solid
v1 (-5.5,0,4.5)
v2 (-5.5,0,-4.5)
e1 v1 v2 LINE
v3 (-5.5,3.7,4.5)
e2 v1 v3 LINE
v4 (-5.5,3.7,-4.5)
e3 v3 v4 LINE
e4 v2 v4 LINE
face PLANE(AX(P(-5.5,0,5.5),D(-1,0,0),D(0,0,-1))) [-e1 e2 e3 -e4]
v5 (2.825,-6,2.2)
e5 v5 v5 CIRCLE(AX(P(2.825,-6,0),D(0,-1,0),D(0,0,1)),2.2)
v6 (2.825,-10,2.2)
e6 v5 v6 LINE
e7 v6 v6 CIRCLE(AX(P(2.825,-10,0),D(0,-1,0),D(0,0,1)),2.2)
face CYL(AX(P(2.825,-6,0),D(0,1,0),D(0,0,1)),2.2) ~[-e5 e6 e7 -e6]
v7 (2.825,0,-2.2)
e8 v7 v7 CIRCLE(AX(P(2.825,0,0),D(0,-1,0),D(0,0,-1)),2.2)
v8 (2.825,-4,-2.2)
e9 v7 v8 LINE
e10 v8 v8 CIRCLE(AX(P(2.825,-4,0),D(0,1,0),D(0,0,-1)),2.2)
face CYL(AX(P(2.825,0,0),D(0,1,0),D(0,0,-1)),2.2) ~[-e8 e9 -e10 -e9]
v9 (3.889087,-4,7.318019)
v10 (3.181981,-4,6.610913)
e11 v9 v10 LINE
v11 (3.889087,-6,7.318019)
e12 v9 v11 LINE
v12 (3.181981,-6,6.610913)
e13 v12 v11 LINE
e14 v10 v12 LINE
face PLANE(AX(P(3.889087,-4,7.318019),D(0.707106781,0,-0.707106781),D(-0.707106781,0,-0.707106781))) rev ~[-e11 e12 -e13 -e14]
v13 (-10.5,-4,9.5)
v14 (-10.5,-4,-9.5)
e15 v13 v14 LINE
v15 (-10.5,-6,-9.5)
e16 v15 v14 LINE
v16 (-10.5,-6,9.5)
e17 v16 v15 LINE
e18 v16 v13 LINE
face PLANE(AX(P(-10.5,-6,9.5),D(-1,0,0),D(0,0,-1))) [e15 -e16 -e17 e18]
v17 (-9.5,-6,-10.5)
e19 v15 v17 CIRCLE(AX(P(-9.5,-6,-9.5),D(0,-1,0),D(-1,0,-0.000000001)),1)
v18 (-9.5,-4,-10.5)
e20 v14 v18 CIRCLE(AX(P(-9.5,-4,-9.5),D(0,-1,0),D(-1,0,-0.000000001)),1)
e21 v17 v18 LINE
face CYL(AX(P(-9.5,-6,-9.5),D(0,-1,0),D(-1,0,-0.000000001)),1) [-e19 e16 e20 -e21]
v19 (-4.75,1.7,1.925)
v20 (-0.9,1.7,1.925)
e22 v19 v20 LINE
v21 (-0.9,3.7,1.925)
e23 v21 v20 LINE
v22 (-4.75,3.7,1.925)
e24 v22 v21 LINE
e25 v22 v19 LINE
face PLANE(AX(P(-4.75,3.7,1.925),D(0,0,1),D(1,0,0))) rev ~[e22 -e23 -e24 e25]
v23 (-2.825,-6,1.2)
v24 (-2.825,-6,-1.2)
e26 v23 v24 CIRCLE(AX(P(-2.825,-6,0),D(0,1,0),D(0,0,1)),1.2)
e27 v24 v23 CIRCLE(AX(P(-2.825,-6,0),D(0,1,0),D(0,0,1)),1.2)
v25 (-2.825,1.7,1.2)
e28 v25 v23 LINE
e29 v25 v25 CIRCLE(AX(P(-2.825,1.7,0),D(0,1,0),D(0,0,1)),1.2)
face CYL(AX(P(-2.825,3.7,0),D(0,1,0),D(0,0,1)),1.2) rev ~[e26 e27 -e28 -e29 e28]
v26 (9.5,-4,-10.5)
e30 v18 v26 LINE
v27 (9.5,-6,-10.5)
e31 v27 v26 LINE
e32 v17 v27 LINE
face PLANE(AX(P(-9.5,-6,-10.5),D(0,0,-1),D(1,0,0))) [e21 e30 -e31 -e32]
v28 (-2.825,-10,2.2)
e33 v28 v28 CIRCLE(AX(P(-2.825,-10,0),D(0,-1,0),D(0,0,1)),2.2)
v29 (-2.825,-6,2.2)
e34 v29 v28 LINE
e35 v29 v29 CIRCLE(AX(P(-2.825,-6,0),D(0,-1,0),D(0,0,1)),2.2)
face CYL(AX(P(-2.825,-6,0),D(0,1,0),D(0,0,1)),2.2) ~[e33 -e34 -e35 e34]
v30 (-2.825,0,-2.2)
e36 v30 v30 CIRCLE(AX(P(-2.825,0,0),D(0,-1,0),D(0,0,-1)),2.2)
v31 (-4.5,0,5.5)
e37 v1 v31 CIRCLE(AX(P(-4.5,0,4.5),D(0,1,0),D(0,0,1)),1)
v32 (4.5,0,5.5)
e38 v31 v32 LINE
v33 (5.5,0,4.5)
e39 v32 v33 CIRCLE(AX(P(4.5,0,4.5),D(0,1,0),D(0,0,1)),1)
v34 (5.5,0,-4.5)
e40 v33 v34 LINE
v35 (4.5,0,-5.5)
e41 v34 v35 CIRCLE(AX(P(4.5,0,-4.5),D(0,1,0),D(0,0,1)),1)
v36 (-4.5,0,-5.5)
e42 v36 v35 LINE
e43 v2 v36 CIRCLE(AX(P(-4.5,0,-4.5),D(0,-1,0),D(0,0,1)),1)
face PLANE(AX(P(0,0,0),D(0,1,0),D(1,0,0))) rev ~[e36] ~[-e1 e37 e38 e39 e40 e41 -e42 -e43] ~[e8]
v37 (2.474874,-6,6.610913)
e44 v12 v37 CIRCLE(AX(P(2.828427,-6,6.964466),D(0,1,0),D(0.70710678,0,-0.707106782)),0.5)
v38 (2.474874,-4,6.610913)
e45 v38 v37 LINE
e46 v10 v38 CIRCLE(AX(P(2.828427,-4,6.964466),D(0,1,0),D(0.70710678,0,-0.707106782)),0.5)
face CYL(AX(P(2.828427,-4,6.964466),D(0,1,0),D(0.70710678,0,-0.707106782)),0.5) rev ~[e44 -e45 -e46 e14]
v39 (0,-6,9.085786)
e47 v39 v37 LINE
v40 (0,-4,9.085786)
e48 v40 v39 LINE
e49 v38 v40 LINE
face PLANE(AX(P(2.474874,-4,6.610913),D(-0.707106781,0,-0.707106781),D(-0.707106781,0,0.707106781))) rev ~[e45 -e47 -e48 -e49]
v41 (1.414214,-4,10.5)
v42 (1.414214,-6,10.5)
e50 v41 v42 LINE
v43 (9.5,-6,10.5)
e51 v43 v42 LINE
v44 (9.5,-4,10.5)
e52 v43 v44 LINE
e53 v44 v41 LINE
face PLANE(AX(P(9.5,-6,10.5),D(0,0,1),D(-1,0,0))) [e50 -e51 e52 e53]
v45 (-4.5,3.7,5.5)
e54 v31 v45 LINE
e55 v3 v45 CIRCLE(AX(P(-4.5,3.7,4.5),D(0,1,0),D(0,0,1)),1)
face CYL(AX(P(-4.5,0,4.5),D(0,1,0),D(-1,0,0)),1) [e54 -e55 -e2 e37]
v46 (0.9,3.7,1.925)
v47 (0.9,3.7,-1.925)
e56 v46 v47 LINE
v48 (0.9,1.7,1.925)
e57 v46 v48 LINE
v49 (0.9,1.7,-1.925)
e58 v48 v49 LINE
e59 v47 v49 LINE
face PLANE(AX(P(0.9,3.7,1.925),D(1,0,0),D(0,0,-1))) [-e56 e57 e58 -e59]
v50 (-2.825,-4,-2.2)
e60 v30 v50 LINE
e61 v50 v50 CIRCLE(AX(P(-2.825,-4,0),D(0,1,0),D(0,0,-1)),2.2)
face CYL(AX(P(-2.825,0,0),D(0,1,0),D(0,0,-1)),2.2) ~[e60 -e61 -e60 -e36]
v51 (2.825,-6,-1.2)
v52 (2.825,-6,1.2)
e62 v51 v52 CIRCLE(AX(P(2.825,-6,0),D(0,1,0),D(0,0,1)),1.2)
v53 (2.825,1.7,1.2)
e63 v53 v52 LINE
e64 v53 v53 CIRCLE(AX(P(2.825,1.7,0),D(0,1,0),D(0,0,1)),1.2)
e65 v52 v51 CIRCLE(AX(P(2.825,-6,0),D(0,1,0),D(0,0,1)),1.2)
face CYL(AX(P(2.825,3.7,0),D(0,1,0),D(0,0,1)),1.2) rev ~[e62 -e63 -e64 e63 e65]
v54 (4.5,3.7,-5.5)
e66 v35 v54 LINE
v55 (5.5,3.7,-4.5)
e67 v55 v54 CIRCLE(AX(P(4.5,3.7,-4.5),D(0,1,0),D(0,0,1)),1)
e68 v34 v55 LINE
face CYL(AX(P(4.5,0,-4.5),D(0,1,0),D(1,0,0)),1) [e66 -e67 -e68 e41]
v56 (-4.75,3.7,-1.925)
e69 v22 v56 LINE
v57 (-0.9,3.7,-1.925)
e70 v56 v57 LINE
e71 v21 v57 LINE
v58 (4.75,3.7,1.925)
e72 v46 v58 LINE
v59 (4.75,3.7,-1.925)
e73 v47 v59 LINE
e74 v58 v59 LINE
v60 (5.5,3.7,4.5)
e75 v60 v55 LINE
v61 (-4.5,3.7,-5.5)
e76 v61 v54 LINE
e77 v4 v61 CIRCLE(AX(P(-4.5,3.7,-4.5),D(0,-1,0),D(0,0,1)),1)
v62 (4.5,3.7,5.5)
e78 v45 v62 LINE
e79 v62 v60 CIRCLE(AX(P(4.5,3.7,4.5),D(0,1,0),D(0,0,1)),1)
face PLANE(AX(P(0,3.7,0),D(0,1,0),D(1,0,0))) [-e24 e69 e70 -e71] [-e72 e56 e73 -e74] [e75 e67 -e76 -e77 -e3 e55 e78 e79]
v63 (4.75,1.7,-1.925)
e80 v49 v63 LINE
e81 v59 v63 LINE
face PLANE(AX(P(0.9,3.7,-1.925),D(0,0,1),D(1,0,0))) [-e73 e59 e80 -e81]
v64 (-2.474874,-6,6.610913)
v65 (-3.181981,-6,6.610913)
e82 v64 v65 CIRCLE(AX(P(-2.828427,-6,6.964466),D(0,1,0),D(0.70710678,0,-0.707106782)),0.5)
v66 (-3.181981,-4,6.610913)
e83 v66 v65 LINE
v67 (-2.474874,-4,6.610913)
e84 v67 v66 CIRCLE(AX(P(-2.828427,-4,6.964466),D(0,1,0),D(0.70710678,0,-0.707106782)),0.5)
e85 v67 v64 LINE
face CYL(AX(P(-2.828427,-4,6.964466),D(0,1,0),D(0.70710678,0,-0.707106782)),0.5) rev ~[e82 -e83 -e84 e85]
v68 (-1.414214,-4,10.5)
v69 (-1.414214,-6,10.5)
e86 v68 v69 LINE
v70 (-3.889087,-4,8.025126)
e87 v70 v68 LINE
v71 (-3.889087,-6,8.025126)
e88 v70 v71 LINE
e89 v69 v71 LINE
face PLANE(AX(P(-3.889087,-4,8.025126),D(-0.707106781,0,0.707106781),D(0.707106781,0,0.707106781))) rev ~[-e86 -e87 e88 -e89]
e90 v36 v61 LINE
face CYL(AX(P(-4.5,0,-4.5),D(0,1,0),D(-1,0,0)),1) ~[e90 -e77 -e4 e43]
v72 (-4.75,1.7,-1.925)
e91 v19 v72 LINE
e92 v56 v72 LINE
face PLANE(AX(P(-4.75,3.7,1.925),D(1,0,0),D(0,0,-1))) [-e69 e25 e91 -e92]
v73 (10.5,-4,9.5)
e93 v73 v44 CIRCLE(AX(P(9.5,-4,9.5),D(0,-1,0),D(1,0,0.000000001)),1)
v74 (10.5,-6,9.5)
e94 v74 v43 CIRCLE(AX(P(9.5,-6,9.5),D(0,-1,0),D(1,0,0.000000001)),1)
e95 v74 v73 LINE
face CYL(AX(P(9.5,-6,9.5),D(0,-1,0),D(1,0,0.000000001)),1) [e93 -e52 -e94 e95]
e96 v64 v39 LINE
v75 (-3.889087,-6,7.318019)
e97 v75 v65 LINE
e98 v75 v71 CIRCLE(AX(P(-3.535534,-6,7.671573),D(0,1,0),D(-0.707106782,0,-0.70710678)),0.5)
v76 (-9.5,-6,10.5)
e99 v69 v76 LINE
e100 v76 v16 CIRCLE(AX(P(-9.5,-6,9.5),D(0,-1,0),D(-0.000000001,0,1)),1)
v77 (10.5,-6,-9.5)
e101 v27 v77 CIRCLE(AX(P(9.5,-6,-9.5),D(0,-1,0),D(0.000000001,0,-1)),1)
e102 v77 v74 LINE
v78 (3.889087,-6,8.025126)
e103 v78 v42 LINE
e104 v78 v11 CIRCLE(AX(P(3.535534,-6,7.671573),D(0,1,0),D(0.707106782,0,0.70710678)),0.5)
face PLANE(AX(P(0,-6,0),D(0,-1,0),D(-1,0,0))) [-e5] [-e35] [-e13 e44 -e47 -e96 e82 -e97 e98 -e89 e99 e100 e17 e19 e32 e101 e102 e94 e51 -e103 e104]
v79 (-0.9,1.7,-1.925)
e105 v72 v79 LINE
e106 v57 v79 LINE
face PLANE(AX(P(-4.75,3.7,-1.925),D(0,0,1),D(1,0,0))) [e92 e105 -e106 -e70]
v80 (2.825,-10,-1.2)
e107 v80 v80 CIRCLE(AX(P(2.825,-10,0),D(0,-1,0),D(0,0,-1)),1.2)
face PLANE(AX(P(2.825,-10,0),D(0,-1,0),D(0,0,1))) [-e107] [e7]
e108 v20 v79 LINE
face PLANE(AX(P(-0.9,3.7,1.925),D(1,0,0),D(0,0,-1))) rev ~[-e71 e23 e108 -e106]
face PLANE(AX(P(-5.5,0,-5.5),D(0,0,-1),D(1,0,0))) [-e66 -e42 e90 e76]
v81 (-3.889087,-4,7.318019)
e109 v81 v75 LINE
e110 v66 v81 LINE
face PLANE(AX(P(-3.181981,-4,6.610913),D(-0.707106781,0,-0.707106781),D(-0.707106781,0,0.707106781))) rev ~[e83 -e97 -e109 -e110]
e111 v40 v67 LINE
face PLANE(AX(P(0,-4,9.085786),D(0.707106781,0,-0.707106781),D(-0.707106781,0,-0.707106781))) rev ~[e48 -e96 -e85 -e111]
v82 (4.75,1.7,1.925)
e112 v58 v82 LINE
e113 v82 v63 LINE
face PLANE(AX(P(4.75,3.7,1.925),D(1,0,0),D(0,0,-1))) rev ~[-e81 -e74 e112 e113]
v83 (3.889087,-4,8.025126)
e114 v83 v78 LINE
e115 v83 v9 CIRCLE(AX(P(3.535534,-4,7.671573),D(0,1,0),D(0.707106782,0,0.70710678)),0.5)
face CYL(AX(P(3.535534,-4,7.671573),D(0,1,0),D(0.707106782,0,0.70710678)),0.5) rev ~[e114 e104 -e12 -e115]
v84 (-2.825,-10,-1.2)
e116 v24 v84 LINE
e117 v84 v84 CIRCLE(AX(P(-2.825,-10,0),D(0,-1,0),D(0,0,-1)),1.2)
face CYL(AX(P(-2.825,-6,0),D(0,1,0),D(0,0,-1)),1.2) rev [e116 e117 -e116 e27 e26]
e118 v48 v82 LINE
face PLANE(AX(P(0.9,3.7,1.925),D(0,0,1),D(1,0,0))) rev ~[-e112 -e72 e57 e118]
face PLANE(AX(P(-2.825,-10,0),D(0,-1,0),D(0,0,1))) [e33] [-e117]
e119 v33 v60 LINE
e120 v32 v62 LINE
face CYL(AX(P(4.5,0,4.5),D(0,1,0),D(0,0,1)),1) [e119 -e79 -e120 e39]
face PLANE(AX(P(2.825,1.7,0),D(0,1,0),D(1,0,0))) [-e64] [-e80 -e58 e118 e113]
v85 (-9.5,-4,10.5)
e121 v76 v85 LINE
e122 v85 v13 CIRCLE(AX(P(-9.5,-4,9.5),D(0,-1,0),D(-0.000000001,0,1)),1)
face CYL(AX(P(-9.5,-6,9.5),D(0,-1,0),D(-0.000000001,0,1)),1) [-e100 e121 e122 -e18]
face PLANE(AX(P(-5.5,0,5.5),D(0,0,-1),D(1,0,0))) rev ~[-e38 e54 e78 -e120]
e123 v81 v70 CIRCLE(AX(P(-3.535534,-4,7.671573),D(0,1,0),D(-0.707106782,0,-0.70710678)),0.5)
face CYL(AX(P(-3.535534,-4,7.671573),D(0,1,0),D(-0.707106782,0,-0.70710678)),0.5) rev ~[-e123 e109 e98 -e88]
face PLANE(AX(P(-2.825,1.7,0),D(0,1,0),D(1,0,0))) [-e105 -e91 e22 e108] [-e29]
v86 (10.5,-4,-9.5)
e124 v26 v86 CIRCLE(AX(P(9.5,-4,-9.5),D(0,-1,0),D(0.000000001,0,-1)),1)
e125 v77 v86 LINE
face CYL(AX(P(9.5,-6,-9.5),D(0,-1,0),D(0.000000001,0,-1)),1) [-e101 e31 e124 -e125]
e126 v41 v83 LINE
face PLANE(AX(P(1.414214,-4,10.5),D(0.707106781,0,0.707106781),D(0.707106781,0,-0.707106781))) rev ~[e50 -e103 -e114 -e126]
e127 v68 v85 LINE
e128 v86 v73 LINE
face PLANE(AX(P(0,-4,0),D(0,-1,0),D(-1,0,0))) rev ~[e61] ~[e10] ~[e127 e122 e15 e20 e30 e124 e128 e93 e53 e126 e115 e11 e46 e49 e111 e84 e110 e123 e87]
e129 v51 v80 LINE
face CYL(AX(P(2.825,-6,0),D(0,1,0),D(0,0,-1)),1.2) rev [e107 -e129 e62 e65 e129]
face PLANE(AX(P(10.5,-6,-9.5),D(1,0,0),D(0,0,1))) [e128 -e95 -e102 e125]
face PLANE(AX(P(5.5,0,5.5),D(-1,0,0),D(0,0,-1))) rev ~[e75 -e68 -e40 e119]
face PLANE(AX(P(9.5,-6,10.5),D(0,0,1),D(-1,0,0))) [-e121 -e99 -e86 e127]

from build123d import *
from build123d.topology import SkipClean

# Parameters (mm, degrees)
SKETCH1_W           = 11
SKETCH1_H           = 11
BOSS_EXTRUDE1_DEPTH = 3.7
FILLET1_R           = 1
SKETCH2_W           = 3.85
SKETCH2_H           = 3.85
CUT_EXTRUDE1_DEPTH  = 2
SKETCH4_R           = 2.2
BOSS_EXTRUDE2_DEPTH = 6
BOSS_EXTRUDE3_DEPTH = 2
SKETCH3_R           = 1.2
CUT_EXTRUDE2_DEPTH  = 18.736685147
CUT_EXTRUDE3_DEPTH  = 17.726924403
SKETCH8_R           = 2.2
SKETCH8_R_2         = 1.2
BOSS_EXTRUDE4_DEPTH = 4


with BuildPart() as part:
    # Sketch1 → Boss-Extrude1 (new body)
    with BuildSketch(Plane(origin=(0, 0, 0), x_dir=(1, 0, 0), z_dir=(0, 1, 0))):
        Rectangle(SKETCH1_W, SKETCH1_H)
    extrude(amount=BOSS_EXTRUDE1_DEPTH)

    # Fillet1
    fillet1_edges = [part.edges().sort_by_distance(p)[0] for p in [
        (5.5, 1.85, 5.5),
        (-5.5, 1.85, 5.5),
        (-5.5, 1.85, -5.5),
        (5.5, 1.85, -5.5),
    ]]
    fillet(fillet1_edges, radius=FILLET1_R)

    # Sketch2 → Cut-Extrude1 (cut)
    with BuildSketch(Plane(origin=(0, 3.7, 0), x_dir=(1, 0, 0), z_dir=(0, 1, 0))):
        with Locations((-2.825, 0)):
            Rectangle(SKETCH2_W, SKETCH2_H)
        with Locations((2.825, 0)):
            Rectangle(SKETCH2_W, SKETCH2_H)
    extrude(amount=-CUT_EXTRUDE1_DEPTH, mode=Mode.SUBTRACT)

    # Sketch4 → Boss-Extrude2 (add)
    with BuildSketch(Plane(origin=(0, 0, 0), x_dir=(-1, 0, 0), z_dir=(0, -1, 0))):
        with Locations(Location((2.825, 0, 0), (0, 0, 90))):
            Circle(SKETCH4_R)
        with Locations(Location((-2.825, 0, 0), (0, 0, 90))):
            Circle(SKETCH4_R)
    extrude(amount=BOSS_EXTRUDE2_DEPTH)

    # Sketch5 → Boss-Extrude3 (add)
    with BuildSketch(Plane(origin=(0, -6, 0), x_dir=(-1, 0, 0), z_dir=(0, -1, 0))):
        with BuildLine():
            Line((9.5, 10.5), (-9.5, 10.5))
            ThreePointArc((-9.5, 10.5), (-10.207106781, 10.207106781), (-10.5, 9.5))
            Line((-10.5, 9.5), (-10.5, -9.5))
            ThreePointArc((-10.5, -9.5), (-10.207106781, -10.207106781), (-9.5, -10.5))
            Line((-9.5, -10.5), (9.5, -10.5))
            ThreePointArc((9.5, -10.5), (10.207106781, -10.207106781), (10.5, -9.5))
            Line((10.5, -9.5), (10.5, 9.5))
            ThreePointArc((10.5, 9.5), (10.207106781, 10.207106781), (9.5, 10.5))
        make_face()
    extrude(amount=-BOSS_EXTRUDE3_DEPTH)

    # Sketch3 → Cut-Extrude2 (cut, through all)
    with BuildSketch(Plane(origin=(0, 3.7, 0), x_dir=(1, 0, 0), z_dir=(0, 1, 0))):
        with Locations(Location((-2.825, 0, 0), (0, 0, 270))):
            Circle(SKETCH3_R)
        with Locations(Location((2.825, 0, 0), (0, 0, 270))):
            Circle(SKETCH3_R)
    extrude(amount=-CUT_EXTRUDE2_DEPTH, mode=Mode.SUBTRACT)

    # Sketch7 → Cut-Extrude3 (cut, through all)
    with BuildSketch(Plane(origin=(0, -4, 0), x_dir=(1, 0, 0), z_dir=(0, 1, 0))):
        with BuildLine():
            Line((0, -9.085786438), (1.414213562, -10.5))
            Line((1.414213562, -10.5), (3.889087297, -8.025126266))
            ThreePointArc((3.889087297, -8.025126266), (4.035533906, -7.671572875), (3.889087297, -7.318019485))
            Line((3.889087297, -7.318019485), (3.181980515, -6.610912703))
            ThreePointArc((3.181980515, -6.610912703), (2.828427125, -6.464466094), (2.474873734, -6.610912703))
            Line((2.474873734, -6.610912703), (0, -9.085786438))
        make_face()
        with BuildLine():
            Line((-3.889087297, -8.025126266), (-1.414213562, -10.5))
            Line((-1.414213562, -10.5), (0, -9.085786438))
            Line((0, -9.085786438), (-2.474873734, -6.610912703))
            ThreePointArc((-2.474873734, -6.610912703), (-2.828427125, -6.464466094), (-3.181980515, -6.610912703))
            Line((-3.181980515, -6.610912703), (-3.889087297, -7.318019485))
            ThreePointArc((-3.889087297, -7.318019485), (-4.035533906, -7.671572875), (-3.889087297, -8.025126266))
        make_face()
        Polygon((-1.414213562, -10.5), (1.414213562, -10.5), (0, -9.085786438), align=None)
    extrude(amount=-CUT_EXTRUDE3_DEPTH, mode=Mode.SUBTRACT)

    # Sketch8 → Boss-Extrude4 (add)
    # profile 1 of 2: a face of its own
    with SkipClean():  # the faces are left unmerged after this step: merging them gives an invalid solid
        with BuildSketch(Plane.XZ.offset(6)):
            with Locations(Location((-2.825, 0, 0), (0, 0, 90))):
                Circle(SKETCH8_R)
            with Locations(Location((-2.825, 0, 0), (0, 0, 270))):
                Circle(SKETCH8_R_2, mode=Mode.SUBTRACT)
        # profile 2 of 2: a face of its own
        with BuildSketch(Plane.XZ.offset(6)):
            with Locations(Location((2.825, 0, 0), (0, 0, 90))):
                Circle(SKETCH8_R)
            with Locations(Location((2.825, 0, 0), (0, 0, 270))):
                Circle(SKETCH8_R_2, mode=Mode.SUBTRACT)
        extrude(amount=BOSS_EXTRUDE4_DEPTH)


solid = part.part
